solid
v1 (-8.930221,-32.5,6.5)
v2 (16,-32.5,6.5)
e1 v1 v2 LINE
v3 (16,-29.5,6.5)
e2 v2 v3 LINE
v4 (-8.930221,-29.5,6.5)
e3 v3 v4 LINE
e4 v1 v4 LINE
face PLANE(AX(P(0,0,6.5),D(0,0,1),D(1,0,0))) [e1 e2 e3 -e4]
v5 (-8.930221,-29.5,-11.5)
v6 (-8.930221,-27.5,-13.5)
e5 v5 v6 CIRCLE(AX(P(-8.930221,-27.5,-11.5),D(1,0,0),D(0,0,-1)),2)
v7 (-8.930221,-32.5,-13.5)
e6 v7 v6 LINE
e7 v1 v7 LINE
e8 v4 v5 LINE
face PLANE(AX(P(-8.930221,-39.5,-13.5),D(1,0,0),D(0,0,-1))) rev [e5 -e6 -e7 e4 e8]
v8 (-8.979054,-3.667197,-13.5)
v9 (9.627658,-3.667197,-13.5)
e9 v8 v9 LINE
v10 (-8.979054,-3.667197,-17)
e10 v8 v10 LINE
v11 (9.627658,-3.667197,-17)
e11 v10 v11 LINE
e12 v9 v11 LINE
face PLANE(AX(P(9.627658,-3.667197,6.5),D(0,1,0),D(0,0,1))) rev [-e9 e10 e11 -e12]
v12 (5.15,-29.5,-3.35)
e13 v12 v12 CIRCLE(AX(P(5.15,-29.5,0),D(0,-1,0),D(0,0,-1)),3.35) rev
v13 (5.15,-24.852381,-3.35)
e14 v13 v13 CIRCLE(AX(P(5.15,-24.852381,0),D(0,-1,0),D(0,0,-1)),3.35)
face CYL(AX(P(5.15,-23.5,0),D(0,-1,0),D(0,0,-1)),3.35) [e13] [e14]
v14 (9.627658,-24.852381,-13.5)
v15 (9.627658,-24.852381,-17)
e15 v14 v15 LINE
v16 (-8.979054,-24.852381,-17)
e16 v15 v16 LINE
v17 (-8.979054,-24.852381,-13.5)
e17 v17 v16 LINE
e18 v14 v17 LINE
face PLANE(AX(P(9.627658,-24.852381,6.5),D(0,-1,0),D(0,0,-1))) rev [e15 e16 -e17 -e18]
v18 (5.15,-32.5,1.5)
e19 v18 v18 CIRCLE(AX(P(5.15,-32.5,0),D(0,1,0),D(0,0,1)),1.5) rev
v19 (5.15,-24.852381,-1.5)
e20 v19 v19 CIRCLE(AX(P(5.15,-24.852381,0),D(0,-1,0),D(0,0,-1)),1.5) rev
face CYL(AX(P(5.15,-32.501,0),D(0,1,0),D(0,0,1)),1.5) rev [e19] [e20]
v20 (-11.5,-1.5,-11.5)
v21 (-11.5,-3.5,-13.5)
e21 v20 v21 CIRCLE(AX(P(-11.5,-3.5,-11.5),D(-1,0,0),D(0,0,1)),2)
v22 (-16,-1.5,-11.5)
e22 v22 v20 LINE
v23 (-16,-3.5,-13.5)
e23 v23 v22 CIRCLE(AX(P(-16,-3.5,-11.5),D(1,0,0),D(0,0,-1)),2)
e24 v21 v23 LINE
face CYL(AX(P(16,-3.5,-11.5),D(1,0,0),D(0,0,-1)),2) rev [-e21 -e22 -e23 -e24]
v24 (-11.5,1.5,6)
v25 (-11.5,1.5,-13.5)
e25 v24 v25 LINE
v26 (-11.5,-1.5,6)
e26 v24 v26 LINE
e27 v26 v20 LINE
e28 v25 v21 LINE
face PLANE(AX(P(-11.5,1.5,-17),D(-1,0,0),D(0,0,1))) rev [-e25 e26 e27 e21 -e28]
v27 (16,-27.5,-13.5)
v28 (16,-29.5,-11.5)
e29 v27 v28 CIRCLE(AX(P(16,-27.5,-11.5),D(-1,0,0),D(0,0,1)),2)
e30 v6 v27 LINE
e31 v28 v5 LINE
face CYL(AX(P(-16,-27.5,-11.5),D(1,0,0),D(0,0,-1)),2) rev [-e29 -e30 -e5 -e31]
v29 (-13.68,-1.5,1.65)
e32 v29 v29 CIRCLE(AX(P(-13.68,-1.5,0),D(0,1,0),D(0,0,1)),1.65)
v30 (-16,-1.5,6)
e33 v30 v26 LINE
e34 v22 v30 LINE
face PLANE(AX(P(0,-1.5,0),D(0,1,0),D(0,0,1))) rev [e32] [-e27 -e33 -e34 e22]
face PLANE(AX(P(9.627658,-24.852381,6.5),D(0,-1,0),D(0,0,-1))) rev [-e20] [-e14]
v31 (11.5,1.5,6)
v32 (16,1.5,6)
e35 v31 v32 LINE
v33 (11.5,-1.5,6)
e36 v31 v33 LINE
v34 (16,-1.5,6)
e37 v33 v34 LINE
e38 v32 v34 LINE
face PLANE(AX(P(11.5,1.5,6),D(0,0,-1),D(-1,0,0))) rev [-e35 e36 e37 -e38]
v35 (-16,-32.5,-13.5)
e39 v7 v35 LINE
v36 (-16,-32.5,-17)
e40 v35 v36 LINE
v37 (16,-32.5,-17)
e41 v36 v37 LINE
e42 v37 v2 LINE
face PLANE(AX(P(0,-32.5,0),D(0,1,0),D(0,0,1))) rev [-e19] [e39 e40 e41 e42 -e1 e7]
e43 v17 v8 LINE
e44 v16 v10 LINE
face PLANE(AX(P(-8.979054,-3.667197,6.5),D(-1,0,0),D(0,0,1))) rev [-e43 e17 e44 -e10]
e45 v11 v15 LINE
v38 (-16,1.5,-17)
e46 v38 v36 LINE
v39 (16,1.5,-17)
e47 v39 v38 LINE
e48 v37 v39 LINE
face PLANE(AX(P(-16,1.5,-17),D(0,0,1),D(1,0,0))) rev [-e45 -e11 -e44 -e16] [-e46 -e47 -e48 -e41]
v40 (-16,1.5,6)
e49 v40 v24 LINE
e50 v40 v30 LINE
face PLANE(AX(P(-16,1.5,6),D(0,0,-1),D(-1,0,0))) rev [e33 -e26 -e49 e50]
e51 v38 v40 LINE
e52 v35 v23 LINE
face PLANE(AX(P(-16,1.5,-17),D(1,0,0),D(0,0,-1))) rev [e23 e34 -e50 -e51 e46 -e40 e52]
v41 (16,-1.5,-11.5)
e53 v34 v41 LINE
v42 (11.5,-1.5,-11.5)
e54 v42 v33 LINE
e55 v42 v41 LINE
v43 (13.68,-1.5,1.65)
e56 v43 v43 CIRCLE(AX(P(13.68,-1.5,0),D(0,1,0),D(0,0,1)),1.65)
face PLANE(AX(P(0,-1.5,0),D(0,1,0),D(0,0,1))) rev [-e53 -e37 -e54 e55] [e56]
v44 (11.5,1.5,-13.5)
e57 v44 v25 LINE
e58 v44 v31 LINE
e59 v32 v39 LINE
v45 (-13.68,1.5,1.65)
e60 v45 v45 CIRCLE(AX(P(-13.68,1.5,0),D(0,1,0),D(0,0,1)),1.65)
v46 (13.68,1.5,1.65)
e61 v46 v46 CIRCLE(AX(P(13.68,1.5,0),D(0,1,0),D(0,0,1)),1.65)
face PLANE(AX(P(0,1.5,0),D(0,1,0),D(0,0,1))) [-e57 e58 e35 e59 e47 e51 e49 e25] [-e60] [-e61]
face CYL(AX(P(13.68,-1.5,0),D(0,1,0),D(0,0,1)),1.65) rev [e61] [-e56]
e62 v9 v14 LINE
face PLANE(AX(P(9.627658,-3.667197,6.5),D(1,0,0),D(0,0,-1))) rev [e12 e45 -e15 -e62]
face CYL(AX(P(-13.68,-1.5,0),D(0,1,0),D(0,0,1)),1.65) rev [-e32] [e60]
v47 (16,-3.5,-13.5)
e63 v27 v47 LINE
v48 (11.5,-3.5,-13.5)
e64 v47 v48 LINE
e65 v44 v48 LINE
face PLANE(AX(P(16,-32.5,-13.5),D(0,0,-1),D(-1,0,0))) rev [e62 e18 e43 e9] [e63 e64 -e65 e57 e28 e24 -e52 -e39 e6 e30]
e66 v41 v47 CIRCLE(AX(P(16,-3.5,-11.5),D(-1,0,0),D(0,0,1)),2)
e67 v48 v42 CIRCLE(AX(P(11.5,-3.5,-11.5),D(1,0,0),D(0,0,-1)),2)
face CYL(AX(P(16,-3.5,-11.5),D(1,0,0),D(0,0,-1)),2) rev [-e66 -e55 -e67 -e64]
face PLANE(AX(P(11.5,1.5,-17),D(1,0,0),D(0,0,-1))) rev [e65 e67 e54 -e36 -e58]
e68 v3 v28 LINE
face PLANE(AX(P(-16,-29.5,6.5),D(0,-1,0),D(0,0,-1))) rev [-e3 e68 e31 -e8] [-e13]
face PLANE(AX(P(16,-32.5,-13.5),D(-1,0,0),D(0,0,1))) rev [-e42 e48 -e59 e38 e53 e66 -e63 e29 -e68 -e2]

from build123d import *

# Parameters (mm, degrees)
SKETCH_1_W               = 4.5
SKETCH_1_H               = 23
EXTRUDE_1_DEPTH          = 1.5
EXTRUDE_1_2_DEPTH        = 1.5
CUT_EXTRUDE_1_DEPTH      = 24.393375131
CUT_EXTRUDE_1_DEPTH_BACK = 24.393375131
SKETCH_2_R               = 1.65
SKETCH_4_W               = 3.5
SKETCH_4_H               = 3
EXTRUDE_3_DEPTH          = 23
SKETCH_5_W               = 32
SKETCH_5_H               = 3.5
EXTRUDE_4_DEPTH          = 31
SKETCH_6_W               = 32
SKETCH_6_H               = 3
EXTRUDE_5_DEPTH          = 20
SKETCH_8_R               = 3.35
EXTRUDE_6_DEPTH          = 6
CUT_EXTRUDE_2_REACH      = 36.205
SKETCH_9_R               = 1.5
SKETCH_10_W              = 18.606711353
SKETCH_10_H              = 21.185184653
CUT_EXTRUDE_3_DEPTH      = 44.179856415
SKETCH_11_W              = 7.069778579
SKETCH_11_H              = 20
CUT_EXTRUDE_4_DEPTH      = 10
FILLET_1_R               = 2


with BuildPart() as part:
    # 草图1 → 凸台-拉伸1 (new, symmetric)
    with BuildSketch(Plane(origin=(0, 0, 0), x_dir=(1, 0, 0), z_dir=(0, 1, 0))):
        with Locations((-13.75, 5.5)):
            Rectangle(SKETCH_1_W, SKETCH_1_H)
    extrude(amount=EXTRUDE_1_DEPTH, both=True)


with BuildPart() as body_2:
    # 草图1 → Extrude 1 2 (new, symmetric)
    with BuildSketch(Plane(origin=(0, 0, 0), x_dir=(1, 0, 0), z_dir=(0, 1, 0))):
        with Locations((13.75, 5.5)):
            Rectangle(SKETCH_1_W, SKETCH_1_H)
    extrude(amount=EXTRUDE_1_2_DEPTH, both=True)


with BuildPart() as cut_extrude_1_tool:
    # 草图2 → 切除-拉伸1 (new, two sides: drawn at the far end of the back side and taken through both)
    with BuildSketch(Plane(origin=(0, 0, 0), x_dir=(1, 0, 0), z_dir=(0, 1, 0)).offset(-CUT_EXTRUDE_1_DEPTH_BACK)):
        with Locations(Location((-13.68, 0, 0), (0, 0, 270))):
            Circle(SKETCH_2_R)
        with Locations(Location((13.68, 0, 0), (0, 0, 270))):
            Circle(SKETCH_2_R)
    extrude(amount=CUT_EXTRUDE_1_DEPTH + CUT_EXTRUDE_1_DEPTH_BACK)


with BuildPart() as part_1:
    add(part.part)

    # 切除-拉伸1: cut by cut_extrude_1_tool
    add(cut_extrude_1_tool.part, mode=Mode.SUBTRACT)



with BuildPart() as body_2_1:
    add(body_2.part)

    # 切除-拉伸1: cut by cut_extrude_1_tool
    add(cut_extrude_1_tool.part, mode=Mode.SUBTRACT)


with BuildPart() as body_3:
    # 草图4 → 凸台-拉伸3 (new body)
    with BuildSketch(Plane(origin=(-11.5, 0, 0), x_dir=(0, 0, -1), z_dir=(1, 0, 0))):
        with Locations((15.25, 0)):
            Rectangle(SKETCH_4_W, SKETCH_4_H)
    extrude(amount=EXTRUDE_3_DEPTH)


with BuildPart() as part_2:
    add(part_1.part)

    add(body_2_1.part)  # 凸台-拉伸4 merges body 2

    add(body_3.part)  # 凸台-拉伸4 merges body 3
    # 草图5 → 凸台-拉伸4 (add)
    with BuildSketch(Plane(origin=(0, -1.5, 0), x_dir=(-1, 0, 0), z_dir=(0, -1, 0))):
        with Locations((0, 15.25)):
            Rectangle(SKETCH_5_W, SKETCH_5_H)
    extrude(amount=EXTRUDE_4_DEPTH)

    # 草图6 → 凸台-拉伸5 (add)
    with BuildSketch(Plane.XY.offset(-13.5)):
        with Locations((0, -31)):
            Rectangle(SKETCH_6_W, SKETCH_6_H)
    extrude(amount=EXTRUDE_5_DEPTH)

    # 草图8 → 凸台-拉伸6 (add)
    with BuildSketch(Plane(origin=(0, -29.5, 0), x_dir=(1, 0, 0), z_dir=(0, 1, 0))):
        with Locations(Location((5.15, 0, 0), (0, 0, 90))):
            Circle(SKETCH_8_R)
    extrude(amount=EXTRUDE_6_DEPTH)

    # 草图9 → 切除-拉伸2 (cut, up to next)
    with BuildSketch(Plane(origin=(0, -23.5, 0), x_dir=(1, 0, 0), z_dir=(0, 1, 0)), mode=Mode.PRIVATE) as cut_extrude_2_sk1:
        with Locations(Location((5.15, 0, 0), (0, 0, 270))):
            Circle(SKETCH_9_R)
    cut_extrude_2_tool1 = extrude(cut_extrude_2_sk1.sketch, amount=-CUT_EXTRUDE_2_REACH, mode=Mode.PRIVATE) & part_2.part
    add(cut_extrude_2_tool1.solids().sort_by_distance((5.15, -23.5, 0))[0], mode=Mode.SUBTRACT)

    # 草图10 → 切除-拉伸3 (cut, through all)
    with BuildSketch(Plane(origin=(0, 0, -17), x_dir=(-1, 0, 0), z_dir=(0, 0, -1))):
        with Locations((-0.324302099, -14.259789027)):
            Rectangle(SKETCH_10_W, SKETCH_10_H)
    extrude(amount=-CUT_EXTRUDE_3_DEPTH, mode=Mode.SUBTRACT)

    # 草图11 → 切除-拉伸4 (cut)
    with BuildSketch(Plane(origin=(0, -29.5, 0), x_dir=(1, 0, 0), z_dir=(0, 1, 0))):
        with Locations((-12.46511071, 3.5)):
            Rectangle(SKETCH_11_W, SKETCH_11_H)
    extrude(amount=-CUT_EXTRUDE_4_DEPTH, mode=Mode.SUBTRACT)

    # 圆角1
    fillet_1_edges = [part_2.edges().sort_by_distance(p)[0] for p in [
        (-13.75, -1.5, -13.5),
        (13.75, -1.5, -13.5),
        (3.534889289, -29.5, -13.5),
    ]]
    fillet(fillet_1_edges, radius=FILLET_1_R)


solid = part_2.part
